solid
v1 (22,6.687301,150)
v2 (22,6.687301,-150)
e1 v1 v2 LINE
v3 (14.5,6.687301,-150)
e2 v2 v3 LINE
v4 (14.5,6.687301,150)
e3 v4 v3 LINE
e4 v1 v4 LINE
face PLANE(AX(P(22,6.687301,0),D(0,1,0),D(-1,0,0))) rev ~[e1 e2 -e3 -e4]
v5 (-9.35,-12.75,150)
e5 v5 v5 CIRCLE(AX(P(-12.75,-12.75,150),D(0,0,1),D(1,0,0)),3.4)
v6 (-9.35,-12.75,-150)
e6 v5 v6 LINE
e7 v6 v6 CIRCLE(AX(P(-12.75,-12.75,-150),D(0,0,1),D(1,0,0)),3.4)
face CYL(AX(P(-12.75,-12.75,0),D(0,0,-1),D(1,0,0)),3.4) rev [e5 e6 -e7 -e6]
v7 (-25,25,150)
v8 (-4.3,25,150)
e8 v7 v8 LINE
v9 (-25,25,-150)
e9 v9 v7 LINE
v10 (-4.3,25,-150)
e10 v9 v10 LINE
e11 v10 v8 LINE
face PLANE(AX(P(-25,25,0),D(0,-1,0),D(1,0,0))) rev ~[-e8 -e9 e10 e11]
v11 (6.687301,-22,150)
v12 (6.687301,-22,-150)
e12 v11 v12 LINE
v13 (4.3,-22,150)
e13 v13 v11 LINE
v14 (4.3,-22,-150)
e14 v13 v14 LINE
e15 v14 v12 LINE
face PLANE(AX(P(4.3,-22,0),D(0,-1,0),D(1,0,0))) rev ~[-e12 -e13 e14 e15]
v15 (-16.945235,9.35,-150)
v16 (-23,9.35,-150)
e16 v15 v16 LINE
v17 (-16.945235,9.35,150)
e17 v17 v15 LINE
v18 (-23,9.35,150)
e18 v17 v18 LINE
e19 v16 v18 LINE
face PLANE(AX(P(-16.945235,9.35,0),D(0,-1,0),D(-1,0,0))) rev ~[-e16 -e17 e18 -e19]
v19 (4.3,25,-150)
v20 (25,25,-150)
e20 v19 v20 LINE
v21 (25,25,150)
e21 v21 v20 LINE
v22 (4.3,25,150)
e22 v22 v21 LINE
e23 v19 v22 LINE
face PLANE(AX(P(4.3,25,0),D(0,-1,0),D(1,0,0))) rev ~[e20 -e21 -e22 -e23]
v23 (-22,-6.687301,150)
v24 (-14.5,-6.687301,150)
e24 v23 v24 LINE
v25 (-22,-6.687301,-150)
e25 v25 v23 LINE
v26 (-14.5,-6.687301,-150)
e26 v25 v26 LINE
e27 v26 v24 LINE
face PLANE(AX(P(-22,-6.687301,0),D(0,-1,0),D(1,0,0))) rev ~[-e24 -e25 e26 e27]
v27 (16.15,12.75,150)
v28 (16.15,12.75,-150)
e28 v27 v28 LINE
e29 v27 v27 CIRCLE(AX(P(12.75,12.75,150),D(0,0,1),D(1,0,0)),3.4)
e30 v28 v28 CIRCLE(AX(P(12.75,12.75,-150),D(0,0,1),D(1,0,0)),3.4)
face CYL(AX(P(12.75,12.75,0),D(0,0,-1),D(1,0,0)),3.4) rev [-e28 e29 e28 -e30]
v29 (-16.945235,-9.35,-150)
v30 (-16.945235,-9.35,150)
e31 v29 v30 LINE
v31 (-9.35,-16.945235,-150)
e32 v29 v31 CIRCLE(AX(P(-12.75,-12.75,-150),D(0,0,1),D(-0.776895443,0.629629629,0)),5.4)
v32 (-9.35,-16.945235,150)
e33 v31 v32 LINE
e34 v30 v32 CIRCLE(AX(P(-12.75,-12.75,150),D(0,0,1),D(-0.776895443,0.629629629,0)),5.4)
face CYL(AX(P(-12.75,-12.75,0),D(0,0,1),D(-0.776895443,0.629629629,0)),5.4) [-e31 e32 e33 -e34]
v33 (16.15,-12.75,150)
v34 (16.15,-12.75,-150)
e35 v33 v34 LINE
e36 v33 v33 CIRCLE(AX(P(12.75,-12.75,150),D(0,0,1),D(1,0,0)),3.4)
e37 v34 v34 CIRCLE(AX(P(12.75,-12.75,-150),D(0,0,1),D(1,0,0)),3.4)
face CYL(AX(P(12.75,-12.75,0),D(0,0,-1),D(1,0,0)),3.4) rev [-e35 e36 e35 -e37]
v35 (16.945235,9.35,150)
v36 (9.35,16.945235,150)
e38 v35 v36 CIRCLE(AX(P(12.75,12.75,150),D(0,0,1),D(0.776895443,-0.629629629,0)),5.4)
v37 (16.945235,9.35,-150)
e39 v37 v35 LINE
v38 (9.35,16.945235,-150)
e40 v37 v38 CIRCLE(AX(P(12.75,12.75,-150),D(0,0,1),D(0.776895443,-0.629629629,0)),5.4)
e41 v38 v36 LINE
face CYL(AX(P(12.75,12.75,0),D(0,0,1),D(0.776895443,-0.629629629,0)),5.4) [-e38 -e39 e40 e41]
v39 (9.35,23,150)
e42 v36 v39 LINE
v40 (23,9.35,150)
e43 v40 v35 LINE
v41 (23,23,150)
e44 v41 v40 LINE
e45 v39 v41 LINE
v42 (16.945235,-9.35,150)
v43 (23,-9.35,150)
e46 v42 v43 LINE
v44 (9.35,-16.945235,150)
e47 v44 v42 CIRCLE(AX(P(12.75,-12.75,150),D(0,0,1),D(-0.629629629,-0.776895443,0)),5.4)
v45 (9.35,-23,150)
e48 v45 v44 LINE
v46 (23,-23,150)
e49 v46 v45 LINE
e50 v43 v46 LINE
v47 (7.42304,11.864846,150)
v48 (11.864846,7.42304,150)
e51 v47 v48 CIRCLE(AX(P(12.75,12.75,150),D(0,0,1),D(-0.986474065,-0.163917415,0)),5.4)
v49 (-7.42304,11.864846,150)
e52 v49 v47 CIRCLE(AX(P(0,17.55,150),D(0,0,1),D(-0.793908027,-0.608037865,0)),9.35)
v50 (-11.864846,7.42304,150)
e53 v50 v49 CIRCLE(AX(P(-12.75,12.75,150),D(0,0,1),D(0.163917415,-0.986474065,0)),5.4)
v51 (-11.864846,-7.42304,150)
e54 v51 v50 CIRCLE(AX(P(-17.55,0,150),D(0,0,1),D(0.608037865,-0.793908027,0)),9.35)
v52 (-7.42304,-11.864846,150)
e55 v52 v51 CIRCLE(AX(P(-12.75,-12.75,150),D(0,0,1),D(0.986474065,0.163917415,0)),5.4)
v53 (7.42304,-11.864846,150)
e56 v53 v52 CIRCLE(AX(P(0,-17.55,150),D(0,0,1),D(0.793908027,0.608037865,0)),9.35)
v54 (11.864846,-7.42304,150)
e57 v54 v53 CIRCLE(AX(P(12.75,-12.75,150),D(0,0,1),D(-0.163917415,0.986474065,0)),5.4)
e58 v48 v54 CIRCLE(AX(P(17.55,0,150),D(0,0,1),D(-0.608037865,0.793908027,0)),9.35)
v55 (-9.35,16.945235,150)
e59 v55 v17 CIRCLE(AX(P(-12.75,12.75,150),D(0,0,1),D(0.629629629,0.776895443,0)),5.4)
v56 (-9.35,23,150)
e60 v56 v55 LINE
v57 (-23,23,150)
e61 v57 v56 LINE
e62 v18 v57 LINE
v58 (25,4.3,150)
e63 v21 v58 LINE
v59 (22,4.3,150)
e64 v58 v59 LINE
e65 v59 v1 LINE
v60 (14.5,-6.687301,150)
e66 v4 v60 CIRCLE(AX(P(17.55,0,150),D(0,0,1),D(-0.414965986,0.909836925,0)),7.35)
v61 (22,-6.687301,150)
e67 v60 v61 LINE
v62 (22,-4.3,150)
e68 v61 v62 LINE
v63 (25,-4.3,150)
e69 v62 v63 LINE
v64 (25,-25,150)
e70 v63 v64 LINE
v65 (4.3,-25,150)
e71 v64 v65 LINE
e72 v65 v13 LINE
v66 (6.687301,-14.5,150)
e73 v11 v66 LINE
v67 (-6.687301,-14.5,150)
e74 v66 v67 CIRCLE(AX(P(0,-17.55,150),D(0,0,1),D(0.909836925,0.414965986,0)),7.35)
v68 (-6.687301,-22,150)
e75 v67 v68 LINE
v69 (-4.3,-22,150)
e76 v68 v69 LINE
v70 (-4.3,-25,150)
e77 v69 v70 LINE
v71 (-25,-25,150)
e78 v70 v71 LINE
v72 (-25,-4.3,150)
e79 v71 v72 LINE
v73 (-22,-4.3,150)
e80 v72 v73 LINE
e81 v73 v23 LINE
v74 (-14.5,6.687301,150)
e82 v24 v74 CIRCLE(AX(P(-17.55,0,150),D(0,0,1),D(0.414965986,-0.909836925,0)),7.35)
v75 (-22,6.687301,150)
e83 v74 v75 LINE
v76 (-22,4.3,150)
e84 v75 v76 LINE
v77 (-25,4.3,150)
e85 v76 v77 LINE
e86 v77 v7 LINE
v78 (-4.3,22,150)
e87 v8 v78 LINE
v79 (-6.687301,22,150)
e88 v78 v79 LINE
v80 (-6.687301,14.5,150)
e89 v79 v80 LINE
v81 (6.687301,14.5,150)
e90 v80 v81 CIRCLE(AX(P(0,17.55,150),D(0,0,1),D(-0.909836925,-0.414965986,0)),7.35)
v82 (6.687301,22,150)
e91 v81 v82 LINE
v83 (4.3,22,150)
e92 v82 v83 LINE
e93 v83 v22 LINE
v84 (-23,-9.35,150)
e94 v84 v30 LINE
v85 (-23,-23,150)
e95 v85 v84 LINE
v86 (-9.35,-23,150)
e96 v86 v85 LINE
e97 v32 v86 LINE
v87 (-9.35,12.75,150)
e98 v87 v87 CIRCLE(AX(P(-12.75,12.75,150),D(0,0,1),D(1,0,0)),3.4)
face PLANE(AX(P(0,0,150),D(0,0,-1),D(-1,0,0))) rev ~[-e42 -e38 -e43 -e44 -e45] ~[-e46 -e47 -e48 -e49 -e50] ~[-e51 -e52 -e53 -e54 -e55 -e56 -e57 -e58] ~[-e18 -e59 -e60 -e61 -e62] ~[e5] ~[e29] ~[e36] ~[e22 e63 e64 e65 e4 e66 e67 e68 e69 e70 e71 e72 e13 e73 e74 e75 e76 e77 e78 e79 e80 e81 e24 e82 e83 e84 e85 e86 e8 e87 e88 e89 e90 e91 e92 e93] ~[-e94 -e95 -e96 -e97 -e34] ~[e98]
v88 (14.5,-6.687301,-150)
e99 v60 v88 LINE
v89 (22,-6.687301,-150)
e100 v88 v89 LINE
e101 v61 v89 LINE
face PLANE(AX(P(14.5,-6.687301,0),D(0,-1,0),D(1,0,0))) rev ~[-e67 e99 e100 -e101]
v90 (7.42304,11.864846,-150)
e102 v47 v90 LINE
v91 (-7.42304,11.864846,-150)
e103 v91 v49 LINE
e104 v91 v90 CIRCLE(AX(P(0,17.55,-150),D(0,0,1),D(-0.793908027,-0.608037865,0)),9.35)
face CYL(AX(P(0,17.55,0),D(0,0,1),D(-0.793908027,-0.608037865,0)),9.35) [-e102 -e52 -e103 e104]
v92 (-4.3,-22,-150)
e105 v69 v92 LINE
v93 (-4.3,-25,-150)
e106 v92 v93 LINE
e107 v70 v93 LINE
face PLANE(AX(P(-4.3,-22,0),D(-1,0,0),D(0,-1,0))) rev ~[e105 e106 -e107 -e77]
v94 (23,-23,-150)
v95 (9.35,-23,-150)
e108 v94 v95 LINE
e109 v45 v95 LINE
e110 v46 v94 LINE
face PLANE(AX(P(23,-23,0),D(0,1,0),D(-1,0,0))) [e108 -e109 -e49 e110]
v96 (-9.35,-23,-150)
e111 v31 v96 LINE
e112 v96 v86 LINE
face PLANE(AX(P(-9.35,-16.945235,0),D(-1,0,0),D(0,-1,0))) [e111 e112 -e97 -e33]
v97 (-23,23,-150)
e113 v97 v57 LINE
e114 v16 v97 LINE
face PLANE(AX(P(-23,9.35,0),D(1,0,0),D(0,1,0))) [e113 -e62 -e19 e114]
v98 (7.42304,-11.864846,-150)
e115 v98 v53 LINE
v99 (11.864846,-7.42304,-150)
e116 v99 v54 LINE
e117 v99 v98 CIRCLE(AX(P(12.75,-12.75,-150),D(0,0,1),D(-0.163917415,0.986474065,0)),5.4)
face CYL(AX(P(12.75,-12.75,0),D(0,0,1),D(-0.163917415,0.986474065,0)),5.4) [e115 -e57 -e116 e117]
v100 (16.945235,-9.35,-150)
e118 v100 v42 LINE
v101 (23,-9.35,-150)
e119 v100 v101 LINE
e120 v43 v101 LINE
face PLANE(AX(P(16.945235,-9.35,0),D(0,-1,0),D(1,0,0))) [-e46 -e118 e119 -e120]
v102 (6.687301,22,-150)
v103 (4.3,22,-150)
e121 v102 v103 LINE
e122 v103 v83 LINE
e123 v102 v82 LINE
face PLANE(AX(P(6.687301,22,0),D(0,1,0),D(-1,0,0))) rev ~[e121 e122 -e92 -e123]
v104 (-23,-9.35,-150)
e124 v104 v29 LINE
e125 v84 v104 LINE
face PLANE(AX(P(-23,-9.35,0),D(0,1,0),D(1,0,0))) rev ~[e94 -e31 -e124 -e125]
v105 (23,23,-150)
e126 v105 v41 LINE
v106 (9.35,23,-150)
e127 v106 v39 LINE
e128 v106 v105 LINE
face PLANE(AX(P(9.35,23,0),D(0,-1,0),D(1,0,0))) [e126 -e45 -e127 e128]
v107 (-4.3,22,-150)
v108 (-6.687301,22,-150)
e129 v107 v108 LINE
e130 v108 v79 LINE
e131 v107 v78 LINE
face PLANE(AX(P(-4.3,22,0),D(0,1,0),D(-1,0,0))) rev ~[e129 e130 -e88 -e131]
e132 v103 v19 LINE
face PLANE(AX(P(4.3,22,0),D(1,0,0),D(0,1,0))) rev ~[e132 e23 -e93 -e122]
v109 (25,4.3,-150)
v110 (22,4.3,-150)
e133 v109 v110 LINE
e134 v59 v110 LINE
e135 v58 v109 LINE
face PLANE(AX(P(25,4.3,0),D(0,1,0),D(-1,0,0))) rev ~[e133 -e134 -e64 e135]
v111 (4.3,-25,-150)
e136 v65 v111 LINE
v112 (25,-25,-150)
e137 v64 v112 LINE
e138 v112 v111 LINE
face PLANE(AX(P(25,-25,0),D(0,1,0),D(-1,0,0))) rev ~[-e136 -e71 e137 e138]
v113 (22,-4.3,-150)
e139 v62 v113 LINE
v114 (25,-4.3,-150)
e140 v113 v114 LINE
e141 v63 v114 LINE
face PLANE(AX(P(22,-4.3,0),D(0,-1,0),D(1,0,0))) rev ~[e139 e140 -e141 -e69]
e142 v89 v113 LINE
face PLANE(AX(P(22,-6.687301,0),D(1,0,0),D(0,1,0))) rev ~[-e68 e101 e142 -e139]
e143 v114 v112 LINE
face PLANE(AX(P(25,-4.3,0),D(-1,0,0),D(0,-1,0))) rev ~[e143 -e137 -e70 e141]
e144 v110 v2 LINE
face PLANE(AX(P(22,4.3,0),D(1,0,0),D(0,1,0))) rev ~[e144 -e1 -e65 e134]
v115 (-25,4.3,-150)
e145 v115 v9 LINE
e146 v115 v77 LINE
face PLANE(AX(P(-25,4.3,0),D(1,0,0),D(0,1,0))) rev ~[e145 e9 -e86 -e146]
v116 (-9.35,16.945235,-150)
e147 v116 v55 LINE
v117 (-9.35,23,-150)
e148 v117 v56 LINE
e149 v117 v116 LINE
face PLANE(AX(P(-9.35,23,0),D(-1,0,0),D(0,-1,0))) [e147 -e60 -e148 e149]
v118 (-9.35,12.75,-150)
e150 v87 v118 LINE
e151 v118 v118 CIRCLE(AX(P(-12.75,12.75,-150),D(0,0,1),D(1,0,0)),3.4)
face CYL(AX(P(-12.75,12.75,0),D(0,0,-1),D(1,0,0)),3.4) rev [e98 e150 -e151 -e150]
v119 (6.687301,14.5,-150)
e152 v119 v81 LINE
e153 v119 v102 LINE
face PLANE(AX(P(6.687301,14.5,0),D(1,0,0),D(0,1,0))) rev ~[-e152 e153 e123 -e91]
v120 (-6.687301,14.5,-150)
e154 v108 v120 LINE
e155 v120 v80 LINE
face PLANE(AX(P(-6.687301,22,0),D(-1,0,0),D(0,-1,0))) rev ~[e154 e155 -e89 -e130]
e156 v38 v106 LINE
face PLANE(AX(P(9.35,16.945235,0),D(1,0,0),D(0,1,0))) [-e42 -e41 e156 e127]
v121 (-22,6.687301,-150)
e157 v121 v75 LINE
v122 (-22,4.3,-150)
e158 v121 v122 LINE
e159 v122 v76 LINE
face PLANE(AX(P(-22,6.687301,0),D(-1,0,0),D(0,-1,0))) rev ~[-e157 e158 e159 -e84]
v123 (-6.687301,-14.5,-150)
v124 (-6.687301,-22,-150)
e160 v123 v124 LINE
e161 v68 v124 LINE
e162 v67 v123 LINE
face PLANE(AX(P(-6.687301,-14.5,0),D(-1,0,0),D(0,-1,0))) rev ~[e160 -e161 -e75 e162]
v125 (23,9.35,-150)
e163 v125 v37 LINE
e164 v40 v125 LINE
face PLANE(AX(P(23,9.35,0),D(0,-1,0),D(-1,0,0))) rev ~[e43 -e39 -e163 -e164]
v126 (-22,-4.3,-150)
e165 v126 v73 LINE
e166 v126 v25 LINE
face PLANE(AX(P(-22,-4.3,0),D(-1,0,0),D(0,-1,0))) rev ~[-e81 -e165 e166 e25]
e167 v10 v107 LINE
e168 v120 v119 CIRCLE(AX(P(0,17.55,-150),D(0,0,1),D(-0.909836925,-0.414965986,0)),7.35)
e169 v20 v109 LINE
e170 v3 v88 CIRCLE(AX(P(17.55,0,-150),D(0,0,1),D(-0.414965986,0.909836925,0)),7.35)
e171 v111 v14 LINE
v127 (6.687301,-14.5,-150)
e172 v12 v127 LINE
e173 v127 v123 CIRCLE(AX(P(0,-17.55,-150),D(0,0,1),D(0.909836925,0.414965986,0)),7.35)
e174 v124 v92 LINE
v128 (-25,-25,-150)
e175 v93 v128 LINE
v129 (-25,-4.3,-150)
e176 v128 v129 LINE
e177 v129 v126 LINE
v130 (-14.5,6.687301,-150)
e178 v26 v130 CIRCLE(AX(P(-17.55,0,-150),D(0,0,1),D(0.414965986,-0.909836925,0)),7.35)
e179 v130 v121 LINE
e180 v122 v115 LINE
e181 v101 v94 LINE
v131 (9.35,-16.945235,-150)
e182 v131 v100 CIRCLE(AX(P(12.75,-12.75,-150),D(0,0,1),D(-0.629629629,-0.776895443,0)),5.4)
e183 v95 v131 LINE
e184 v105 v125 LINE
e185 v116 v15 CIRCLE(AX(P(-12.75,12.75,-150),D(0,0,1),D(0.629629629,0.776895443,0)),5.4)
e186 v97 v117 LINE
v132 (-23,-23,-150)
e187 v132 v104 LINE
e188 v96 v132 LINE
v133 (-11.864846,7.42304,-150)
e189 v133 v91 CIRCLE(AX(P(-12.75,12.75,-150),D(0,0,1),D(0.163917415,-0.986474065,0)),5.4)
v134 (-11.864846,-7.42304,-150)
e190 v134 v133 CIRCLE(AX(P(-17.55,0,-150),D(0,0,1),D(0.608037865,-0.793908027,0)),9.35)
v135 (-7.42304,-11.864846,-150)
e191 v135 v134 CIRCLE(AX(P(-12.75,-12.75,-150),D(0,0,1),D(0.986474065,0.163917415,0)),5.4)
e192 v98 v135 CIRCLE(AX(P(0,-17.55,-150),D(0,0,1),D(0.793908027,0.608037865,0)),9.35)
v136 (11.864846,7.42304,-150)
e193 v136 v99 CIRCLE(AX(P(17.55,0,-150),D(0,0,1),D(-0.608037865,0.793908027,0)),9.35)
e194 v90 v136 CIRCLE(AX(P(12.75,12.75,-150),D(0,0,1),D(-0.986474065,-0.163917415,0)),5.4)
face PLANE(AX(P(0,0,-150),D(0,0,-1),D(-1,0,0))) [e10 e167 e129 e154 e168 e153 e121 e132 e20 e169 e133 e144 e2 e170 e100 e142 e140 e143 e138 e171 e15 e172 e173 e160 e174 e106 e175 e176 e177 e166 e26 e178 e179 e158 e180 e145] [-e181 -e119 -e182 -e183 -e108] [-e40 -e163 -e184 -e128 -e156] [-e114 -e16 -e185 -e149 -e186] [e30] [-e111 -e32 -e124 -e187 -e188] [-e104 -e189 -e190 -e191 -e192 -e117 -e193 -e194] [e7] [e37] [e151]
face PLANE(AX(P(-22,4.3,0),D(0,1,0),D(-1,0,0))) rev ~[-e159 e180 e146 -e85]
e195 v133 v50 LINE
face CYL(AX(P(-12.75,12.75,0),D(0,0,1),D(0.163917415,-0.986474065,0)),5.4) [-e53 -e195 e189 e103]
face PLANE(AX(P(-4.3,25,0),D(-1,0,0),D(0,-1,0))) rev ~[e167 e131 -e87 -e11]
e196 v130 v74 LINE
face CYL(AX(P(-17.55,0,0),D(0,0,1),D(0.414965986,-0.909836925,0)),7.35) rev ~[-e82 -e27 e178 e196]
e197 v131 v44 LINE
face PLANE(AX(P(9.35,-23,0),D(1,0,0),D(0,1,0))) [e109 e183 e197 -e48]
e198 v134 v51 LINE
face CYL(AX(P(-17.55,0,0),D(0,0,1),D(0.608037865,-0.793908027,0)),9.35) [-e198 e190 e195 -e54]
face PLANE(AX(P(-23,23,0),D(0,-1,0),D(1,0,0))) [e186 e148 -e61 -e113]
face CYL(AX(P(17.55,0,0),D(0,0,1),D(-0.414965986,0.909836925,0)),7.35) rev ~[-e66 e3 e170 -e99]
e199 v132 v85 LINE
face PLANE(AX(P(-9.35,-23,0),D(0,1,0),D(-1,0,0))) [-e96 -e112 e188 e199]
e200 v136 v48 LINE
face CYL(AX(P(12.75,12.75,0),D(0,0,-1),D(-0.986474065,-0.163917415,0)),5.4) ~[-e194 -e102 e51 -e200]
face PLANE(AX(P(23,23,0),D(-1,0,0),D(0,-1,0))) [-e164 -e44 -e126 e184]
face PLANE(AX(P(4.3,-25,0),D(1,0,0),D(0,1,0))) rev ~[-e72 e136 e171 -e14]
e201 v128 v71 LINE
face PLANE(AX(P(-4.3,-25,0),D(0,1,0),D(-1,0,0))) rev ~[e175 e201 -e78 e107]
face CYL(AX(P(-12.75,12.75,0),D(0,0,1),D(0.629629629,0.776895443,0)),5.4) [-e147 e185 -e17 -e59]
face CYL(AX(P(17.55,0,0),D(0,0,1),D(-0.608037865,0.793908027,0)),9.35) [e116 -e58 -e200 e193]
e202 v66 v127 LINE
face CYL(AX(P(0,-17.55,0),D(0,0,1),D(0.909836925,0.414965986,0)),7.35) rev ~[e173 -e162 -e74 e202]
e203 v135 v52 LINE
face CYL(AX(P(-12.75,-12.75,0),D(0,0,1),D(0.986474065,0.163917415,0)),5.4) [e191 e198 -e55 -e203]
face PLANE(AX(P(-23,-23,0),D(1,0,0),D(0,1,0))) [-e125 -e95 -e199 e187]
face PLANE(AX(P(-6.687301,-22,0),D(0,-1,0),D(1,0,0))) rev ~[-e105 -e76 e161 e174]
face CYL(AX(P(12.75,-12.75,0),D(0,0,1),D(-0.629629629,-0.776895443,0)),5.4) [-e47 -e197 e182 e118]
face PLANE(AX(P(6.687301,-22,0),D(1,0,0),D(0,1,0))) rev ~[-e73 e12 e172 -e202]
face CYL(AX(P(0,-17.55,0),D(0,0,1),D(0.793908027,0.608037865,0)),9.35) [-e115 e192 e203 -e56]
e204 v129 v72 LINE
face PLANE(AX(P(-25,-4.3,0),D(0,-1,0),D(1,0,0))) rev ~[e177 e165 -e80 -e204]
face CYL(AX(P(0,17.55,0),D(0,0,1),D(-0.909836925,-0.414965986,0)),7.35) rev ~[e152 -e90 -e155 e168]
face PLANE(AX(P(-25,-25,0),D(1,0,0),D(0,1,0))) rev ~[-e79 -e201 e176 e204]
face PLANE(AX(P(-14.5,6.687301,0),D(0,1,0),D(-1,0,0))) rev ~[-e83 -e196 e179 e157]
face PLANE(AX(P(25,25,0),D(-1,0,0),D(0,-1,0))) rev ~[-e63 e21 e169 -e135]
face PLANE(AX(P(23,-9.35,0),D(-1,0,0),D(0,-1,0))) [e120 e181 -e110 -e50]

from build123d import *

# Parameters (mm, degrees)
SKETCH_1_R         = 3.4
EXTRUDE_1267_DEPTH = 150


with BuildPart() as part:
    # 草圖1 → Extrude 1267 (new body, symmetric)
    with BuildSketch(Plane.XY):
        with BuildLine():
            Line((4.3, 25), (25, 25))
            Line((25, 25), (25, 4.3))
            Line((25, 4.3), (22, 4.3))
            Line((22, 4.3), (22, 6.687301399))
            Line((22, 6.687301399), (14.5, 6.687301399))
            ThreePointArc((14.5, 6.687301399), (10.2, 0), (14.5, -6.687301399))
            Line((14.5, -6.687301399), (22, -6.687301399))
            Line((22, -6.687301399), (22, -4.3))
            Line((22, -4.3), (25, -4.3))
            Line((25, -4.3), (25, -25))
            Line((25, -25), (4.3, -25))
            Line((4.3, -25), (4.3, -22))
            Line((4.3, -22), (6.687301399, -22))
            Line((6.687301399, -22), (6.687301399, -14.5))
            ThreePointArc((6.687301399, -14.5), (0, -10.2), (-6.687301399, -14.5))
            Line((-6.687301399, -14.5), (-6.687301399, -22))
            Line((-6.687301399, -22), (-4.3, -22))
            Line((-4.3, -22), (-4.3, -25))
            Line((-4.3, -25), (-25, -25))
            Line((-25, -25), (-25, -4.3))
            Line((-25, -4.3), (-22, -4.3))
            Line((-22, -4.3), (-22, -6.687301399))
            Line((-22, -6.687301399), (-14.5, -6.687301399))
            ThreePointArc((-14.5, -6.687301399), (-10.2, 0), (-14.5, 6.687301399))
            Line((-14.5, 6.687301399), (-22, 6.687301399))
            Line((-22, 6.687301399), (-22, 4.3))
            Line((-22, 4.3), (-25, 4.3))
            Line((-25, 4.3), (-25, 25))
            Line((-25, 25), (-4.3, 25))
            Line((-4.3, 25), (-4.3, 22))
            Line((-4.3, 22), (-6.687301399, 22))
            Line((-6.687301399, 22), (-6.687301399, 14.5))
            ThreePointArc((-6.687301399, 14.5), (0, 10.2), (6.687301399, 14.5))
            Line((6.687301399, 14.5), (6.687301399, 22))
            Line((6.687301399, 22), (4.3, 22))
            Line((4.3, 22), (4.3, 25))
        make_face()
        with Locations((12.75, 12.75)):
            Circle(SKETCH_1_R, mode=Mode.SUBTRACT)
        with Locations((12.75, -12.75)):
            Circle(SKETCH_1_R, mode=Mode.SUBTRACT)
        with Locations((-12.75, -12.75)):
            Circle(SKETCH_1_R, mode=Mode.SUBTRACT)
        with Locations((-12.75, 12.75)):
            Circle(SKETCH_1_R, mode=Mode.SUBTRACT)
        with BuildLine():
            Line((9.35, 23), (23, 23))
            Line((23, 23), (23, 9.35))
            Line((23, 9.35), (16.945235393, 9.35))
            ThreePointArc((16.945235393, 9.35), (16.568376618, 16.568376618), (9.35, 16.945235393))
            Line((9.35, 16.945235393), (9.35, 23))
        make_face(mode=Mode.SUBTRACT)
        with BuildLine():
            Line((9.35, -23), (9.35, -16.945235393))
            ThreePointArc((9.35, -16.945235393), (16.568376618, -16.568376618), (16.945235393, -9.35))
            Line((16.945235393, -9.35), (23, -9.35))
            Line((23, -9.35), (23, -23))
            Line((23, -23), (9.35, -23))
        make_face(mode=Mode.SUBTRACT)
        with BuildLine():
            Line((-9.35, -23), (-23, -23))
            Line((-23, -23), (-23, -9.35))
            Line((-23, -9.35), (-16.945235393, -9.35))
            ThreePointArc((-16.945235393, -9.35), (-16.568376618, -16.568376618), (-9.35, -16.945235393))
            Line((-9.35, -16.945235393), (-9.35, -23))
        make_face(mode=Mode.SUBTRACT)
        with BuildLine():
            Line((-9.35, 23), (-9.35, 16.945235393))
            ThreePointArc((-9.35, 16.945235393), (-16.568376618, 16.568376618), (-16.945235393, 9.35))
            Line((-16.945235393, 9.35), (-23, 9.35))
            Line((-23, 9.35), (-23, 23))
            Line((-23, 23), (-9.35, 23))
        make_face(mode=Mode.SUBTRACT)
        with BuildLine():
            ThreePointArc((11.864845961, 7.423040048), (8.2, 0), (11.864845961, -7.423040048))
            ThreePointArc((11.864845961, -7.423040048), (8.931623382, -8.931623382), (7.423040048, -11.864845961))
            ThreePointArc((7.423040048, -11.864845961), (0, -8.2), (-7.423040048, -11.864845961))
            ThreePointArc((-7.423040048, -11.864845961), (-8.931623382, -8.931623382), (-11.864845961, -7.423040048))
            ThreePointArc((-11.864845961, -7.423040048), (-8.2, 0), (-11.864845961, 7.423040048))
            ThreePointArc((-11.864845961, 7.423040048), (-8.931623382, 8.931623382), (-7.423040048, 11.864845961))
            ThreePointArc((-7.423040048, 11.864845961), (0, 8.2), (7.423040048, 11.864845961))
            ThreePointArc((7.423040048, 11.864845961), (8.931623382, 8.931623382), (11.864845961, 7.423040048))
        make_face(mode=Mode.SUBTRACT)
    extrude(amount=EXTRUDE_1267_DEPTH, both=True)


solid = part.part
